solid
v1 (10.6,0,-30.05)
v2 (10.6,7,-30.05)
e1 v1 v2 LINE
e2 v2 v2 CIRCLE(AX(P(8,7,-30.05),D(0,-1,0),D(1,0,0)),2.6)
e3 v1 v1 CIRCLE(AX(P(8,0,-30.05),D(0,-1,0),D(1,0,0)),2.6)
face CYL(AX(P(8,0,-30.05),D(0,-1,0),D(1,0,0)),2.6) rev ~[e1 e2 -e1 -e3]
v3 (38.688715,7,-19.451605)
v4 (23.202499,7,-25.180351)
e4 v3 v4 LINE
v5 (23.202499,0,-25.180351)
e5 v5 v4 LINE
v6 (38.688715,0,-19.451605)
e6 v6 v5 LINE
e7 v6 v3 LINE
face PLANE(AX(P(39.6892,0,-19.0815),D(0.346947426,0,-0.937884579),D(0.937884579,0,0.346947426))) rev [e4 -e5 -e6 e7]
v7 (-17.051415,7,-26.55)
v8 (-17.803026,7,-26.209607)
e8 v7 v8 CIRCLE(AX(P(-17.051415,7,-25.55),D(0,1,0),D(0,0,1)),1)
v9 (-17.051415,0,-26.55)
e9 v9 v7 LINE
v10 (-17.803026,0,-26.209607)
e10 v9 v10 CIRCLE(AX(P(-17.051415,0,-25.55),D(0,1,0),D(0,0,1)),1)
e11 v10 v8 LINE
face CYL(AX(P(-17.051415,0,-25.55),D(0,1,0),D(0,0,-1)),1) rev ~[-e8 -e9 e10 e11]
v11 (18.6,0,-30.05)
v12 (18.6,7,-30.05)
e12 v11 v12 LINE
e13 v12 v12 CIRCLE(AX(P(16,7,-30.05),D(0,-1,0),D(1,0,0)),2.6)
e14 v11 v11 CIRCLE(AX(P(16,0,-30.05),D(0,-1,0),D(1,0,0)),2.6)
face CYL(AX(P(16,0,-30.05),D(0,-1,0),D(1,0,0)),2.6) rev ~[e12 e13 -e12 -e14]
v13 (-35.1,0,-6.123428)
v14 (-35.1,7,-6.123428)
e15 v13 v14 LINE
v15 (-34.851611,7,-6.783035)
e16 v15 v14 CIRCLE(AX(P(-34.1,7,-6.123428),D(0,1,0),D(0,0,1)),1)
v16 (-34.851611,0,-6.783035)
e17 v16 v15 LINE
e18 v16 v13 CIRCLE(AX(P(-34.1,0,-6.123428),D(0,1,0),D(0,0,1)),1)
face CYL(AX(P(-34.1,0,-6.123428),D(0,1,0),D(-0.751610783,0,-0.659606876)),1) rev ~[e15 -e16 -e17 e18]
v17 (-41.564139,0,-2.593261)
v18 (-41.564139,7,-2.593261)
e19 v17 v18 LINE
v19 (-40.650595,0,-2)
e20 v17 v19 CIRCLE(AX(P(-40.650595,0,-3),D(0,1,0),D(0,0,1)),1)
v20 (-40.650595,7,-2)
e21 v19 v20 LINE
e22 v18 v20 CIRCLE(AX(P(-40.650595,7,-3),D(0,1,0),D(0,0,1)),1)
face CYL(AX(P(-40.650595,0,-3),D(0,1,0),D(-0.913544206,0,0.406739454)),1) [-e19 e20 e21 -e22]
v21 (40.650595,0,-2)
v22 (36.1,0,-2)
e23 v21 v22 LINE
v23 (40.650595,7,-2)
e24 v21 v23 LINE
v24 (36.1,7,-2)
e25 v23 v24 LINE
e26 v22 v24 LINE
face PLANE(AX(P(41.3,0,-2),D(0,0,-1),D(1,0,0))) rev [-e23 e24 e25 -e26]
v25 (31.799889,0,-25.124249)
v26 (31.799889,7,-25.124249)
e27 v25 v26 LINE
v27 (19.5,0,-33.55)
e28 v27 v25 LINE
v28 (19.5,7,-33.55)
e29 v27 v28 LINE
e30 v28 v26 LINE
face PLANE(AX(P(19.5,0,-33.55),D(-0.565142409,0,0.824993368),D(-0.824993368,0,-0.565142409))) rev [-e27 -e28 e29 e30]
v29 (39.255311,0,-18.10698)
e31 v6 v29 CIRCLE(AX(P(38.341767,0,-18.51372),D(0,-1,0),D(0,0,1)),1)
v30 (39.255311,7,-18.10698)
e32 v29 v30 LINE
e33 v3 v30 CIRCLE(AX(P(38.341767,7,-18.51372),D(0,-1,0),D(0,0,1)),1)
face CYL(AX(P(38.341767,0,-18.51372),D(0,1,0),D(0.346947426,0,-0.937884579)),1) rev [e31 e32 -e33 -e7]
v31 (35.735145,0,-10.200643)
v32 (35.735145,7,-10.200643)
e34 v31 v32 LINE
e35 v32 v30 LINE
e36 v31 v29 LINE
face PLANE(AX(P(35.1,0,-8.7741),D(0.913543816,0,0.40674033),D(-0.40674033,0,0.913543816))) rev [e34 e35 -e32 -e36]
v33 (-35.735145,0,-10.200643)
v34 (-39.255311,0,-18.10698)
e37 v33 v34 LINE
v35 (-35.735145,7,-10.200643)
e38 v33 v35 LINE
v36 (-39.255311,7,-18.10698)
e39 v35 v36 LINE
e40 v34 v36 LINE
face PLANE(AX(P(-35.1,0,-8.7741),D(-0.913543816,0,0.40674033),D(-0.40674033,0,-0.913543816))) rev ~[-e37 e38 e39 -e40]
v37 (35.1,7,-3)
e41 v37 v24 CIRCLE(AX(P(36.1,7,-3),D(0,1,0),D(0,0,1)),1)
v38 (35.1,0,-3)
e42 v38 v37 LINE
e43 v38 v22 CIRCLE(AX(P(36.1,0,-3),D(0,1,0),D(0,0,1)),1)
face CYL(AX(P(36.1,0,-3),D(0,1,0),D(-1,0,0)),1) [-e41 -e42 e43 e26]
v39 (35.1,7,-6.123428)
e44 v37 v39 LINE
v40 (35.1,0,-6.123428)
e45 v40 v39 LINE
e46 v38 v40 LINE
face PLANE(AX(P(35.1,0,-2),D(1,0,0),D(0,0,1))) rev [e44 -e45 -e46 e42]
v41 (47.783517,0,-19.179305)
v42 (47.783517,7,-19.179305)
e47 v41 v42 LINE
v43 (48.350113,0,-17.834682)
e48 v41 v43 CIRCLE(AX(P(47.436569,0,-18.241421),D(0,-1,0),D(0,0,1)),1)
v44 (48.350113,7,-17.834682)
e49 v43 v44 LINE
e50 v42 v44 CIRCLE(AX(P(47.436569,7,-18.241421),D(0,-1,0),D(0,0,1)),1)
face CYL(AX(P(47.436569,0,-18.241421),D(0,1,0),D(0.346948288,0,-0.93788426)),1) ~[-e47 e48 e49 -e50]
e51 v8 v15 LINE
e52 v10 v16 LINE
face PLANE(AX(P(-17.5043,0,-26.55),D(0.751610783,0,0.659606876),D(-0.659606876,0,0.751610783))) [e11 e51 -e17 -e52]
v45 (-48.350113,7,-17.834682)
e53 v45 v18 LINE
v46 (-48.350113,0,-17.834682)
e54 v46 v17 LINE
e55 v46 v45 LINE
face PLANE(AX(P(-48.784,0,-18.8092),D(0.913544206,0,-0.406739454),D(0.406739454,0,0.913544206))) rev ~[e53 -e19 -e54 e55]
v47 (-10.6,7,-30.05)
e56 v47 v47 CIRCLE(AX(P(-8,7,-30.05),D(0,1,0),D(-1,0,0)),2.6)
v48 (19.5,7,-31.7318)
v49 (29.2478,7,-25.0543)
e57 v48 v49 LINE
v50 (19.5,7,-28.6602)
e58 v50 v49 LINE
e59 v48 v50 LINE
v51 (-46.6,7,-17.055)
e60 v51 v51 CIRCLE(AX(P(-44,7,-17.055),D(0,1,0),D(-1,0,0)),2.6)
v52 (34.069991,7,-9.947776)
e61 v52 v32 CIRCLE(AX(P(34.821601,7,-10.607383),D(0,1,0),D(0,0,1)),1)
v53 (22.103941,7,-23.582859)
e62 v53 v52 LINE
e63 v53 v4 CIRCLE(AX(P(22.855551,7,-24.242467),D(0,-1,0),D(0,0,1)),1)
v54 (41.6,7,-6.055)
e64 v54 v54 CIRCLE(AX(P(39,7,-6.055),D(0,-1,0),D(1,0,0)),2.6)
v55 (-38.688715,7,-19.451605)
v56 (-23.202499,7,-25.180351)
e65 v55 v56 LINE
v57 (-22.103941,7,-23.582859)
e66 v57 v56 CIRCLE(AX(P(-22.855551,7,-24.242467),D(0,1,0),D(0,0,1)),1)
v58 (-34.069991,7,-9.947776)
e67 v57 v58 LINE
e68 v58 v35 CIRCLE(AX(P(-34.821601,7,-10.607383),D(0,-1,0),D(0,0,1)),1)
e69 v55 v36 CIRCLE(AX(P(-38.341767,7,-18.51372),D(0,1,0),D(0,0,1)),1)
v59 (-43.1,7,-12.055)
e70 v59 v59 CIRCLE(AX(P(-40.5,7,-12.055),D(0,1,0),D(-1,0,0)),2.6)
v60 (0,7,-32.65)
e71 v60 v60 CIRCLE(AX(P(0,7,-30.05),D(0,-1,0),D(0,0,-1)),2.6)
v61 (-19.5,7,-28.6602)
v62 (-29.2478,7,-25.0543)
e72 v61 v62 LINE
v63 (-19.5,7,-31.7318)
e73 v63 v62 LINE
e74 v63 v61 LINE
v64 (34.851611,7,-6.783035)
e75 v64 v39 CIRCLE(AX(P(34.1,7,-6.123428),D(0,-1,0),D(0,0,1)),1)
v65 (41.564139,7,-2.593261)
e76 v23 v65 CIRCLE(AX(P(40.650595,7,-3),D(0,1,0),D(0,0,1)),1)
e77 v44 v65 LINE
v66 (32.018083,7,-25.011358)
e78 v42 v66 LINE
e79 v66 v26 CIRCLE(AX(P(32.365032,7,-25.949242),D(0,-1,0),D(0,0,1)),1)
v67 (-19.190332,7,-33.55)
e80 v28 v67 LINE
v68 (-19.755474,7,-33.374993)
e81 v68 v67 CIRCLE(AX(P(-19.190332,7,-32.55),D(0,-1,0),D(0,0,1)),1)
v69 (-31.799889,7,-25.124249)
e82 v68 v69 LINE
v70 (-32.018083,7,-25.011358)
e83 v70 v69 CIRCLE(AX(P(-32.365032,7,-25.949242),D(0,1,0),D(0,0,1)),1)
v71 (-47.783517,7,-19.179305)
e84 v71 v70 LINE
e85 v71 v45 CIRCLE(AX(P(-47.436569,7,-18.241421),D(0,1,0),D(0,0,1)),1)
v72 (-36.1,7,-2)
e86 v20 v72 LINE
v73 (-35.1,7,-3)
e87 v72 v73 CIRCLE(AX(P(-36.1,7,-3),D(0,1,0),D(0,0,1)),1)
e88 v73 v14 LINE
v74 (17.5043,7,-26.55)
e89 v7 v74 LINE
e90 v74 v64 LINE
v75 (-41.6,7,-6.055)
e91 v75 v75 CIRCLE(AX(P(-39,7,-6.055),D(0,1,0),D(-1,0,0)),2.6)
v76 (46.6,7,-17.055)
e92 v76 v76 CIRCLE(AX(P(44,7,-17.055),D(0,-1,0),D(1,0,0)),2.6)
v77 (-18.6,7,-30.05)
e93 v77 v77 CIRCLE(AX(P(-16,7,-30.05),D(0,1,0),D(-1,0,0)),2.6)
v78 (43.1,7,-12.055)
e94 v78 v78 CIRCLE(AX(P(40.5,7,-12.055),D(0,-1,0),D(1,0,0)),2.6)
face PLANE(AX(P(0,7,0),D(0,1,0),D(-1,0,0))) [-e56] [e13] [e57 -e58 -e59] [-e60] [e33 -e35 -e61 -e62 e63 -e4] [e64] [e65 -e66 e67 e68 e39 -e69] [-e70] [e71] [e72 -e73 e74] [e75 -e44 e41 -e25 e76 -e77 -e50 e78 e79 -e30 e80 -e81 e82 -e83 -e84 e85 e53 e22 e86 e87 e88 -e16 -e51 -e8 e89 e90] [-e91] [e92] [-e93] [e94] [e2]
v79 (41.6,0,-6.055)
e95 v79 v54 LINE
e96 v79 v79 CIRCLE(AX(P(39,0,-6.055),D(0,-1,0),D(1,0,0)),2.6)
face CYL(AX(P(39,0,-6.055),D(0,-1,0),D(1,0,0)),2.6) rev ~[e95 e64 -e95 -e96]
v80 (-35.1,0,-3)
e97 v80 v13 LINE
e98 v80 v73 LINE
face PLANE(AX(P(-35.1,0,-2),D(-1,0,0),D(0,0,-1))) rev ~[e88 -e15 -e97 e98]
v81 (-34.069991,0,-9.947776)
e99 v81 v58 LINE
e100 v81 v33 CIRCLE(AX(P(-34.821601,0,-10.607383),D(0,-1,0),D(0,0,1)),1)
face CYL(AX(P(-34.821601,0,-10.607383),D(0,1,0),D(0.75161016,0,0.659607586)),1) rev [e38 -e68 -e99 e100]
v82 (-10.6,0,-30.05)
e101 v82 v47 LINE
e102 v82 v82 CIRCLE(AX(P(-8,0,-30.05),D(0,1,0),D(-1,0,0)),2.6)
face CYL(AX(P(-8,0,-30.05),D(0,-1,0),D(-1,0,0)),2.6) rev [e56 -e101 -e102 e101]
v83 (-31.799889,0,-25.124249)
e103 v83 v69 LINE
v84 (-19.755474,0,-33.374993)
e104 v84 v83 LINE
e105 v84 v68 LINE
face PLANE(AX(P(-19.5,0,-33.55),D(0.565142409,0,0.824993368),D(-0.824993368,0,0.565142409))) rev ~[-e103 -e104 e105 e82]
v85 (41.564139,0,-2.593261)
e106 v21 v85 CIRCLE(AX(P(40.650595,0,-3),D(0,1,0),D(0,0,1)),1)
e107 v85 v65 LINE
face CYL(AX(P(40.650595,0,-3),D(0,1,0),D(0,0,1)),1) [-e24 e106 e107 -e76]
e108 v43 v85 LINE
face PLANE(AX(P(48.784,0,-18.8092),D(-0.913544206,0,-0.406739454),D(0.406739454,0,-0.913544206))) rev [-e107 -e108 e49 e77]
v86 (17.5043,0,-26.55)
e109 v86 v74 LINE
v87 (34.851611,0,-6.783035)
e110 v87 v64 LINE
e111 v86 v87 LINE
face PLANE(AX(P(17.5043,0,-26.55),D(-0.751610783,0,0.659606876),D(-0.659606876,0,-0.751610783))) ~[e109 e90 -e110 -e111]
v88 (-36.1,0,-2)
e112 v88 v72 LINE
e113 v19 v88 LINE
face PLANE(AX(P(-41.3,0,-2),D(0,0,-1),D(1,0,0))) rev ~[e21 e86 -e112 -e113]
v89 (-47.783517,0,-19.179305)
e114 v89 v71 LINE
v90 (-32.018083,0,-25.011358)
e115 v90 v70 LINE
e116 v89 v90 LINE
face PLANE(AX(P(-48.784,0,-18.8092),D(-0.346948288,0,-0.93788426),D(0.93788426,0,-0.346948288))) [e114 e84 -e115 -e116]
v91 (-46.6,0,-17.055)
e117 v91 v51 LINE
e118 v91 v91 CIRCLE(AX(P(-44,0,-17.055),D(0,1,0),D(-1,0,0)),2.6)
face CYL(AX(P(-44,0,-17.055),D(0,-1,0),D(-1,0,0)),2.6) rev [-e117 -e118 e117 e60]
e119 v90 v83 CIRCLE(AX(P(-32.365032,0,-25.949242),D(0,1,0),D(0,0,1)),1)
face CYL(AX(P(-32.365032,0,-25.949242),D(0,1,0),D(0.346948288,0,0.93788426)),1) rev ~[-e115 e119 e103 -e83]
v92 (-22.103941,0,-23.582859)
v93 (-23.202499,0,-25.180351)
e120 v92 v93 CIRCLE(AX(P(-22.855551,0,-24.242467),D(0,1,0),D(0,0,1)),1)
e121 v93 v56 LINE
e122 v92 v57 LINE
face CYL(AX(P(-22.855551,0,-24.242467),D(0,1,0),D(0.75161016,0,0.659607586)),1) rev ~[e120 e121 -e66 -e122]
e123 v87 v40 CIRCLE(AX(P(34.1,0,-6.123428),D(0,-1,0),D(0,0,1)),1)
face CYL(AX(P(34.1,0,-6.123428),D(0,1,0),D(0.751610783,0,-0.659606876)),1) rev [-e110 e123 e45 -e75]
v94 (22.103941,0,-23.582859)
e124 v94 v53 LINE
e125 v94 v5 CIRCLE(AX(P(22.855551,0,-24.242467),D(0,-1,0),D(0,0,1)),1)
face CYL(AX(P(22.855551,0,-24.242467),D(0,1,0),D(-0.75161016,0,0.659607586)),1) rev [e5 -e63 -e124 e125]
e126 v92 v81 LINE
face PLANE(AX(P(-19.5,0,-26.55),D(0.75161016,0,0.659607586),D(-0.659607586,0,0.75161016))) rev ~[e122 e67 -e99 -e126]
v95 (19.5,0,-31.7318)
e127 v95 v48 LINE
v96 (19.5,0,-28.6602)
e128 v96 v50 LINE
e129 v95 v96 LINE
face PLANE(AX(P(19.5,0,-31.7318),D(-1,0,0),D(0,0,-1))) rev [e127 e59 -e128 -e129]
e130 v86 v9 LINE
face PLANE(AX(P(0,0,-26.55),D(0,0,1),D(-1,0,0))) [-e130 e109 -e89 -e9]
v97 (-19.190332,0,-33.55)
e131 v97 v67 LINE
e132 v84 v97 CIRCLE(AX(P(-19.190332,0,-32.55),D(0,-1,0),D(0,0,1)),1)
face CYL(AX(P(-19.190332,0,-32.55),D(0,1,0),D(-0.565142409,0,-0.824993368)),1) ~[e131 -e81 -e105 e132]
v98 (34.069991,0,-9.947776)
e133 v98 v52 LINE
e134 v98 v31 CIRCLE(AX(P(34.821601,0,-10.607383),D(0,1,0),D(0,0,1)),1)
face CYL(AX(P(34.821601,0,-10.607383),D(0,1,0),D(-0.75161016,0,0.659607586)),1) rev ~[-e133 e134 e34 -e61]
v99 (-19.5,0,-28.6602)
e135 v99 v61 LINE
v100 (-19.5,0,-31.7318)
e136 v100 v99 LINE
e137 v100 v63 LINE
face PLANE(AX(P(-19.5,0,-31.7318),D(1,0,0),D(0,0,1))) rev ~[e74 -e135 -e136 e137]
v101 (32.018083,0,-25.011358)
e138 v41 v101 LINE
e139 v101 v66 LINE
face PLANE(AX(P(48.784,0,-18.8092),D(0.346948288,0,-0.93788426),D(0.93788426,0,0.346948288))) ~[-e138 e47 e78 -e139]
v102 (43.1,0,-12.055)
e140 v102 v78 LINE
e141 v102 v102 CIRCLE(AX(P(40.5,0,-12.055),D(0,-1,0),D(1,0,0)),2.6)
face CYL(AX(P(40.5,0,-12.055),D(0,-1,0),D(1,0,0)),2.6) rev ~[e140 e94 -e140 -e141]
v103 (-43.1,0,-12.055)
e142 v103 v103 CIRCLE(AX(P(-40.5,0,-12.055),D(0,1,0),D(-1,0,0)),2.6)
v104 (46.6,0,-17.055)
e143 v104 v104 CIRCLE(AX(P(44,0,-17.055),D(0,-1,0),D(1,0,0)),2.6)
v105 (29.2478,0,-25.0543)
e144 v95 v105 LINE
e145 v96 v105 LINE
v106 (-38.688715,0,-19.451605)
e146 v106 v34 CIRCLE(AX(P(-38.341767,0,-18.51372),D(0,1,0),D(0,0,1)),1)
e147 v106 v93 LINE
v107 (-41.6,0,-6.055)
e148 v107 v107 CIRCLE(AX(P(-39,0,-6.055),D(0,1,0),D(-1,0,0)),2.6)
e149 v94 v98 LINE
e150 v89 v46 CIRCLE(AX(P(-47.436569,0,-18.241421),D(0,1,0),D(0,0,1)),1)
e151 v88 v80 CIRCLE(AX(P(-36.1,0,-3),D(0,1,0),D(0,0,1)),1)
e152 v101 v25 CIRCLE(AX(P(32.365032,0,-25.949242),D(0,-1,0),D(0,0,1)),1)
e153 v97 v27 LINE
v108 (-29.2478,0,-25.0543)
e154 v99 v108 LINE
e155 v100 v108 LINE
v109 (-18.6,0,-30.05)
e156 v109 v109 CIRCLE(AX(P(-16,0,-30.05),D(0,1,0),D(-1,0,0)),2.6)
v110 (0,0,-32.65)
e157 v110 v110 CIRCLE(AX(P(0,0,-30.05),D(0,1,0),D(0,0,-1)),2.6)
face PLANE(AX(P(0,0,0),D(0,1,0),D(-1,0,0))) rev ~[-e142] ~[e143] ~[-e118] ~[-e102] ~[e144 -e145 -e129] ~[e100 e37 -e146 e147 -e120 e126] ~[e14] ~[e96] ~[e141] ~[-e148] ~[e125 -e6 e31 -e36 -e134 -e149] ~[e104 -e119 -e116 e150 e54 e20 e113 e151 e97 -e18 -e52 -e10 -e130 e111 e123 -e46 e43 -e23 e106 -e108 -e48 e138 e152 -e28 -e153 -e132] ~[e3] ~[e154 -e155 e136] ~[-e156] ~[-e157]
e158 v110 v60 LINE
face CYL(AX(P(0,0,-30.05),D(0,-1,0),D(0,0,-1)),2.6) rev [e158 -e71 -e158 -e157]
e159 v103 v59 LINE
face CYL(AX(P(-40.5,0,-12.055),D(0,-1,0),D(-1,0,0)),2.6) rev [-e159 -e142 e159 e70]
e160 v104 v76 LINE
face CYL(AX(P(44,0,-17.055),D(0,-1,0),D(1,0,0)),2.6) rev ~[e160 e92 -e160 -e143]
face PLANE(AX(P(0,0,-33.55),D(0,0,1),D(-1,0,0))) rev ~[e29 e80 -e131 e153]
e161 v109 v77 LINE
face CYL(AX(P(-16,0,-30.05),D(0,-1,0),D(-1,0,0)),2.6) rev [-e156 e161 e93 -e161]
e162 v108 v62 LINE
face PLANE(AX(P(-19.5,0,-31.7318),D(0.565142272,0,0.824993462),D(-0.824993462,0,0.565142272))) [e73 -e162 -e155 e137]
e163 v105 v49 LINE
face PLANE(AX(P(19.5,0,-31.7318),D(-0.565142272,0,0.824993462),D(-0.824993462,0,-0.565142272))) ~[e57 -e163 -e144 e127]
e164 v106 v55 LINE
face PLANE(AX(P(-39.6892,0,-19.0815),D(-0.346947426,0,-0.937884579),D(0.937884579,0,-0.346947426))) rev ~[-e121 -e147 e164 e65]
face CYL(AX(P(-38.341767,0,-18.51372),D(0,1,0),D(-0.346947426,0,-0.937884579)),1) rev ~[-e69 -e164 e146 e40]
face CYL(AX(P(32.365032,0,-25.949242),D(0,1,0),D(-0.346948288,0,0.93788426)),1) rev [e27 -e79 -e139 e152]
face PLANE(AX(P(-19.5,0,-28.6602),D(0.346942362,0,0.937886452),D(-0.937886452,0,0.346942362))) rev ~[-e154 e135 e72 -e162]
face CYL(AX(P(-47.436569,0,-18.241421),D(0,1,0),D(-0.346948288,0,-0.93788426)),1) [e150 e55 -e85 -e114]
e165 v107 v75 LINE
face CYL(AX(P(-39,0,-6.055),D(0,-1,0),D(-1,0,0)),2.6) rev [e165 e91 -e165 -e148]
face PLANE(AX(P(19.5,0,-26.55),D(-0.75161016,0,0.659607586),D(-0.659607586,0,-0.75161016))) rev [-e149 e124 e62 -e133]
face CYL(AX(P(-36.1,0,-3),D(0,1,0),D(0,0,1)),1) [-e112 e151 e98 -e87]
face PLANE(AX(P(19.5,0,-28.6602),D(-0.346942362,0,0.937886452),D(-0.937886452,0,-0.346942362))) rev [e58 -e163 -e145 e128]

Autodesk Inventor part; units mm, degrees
ref_plane "YZ Plane" through (0, 0, 0) normal (1, 0, 0) x (0, 1, 0)
ref_plane "XZ Plane" through (0, 0, 0) normal (0, 1, 0) x (-1, 0, 0)
ref_plane "XY Plane" through (0, 0, 0) normal (0, 0, 1) x (1, 0, 0)
sketch "Sketch1" plane through (0, 0, 0) normal (0, 1, 0) x (-1, 0, 0)
  circle A0 centre (39, -6.055) radius 2.6
  circle A1 centre (40.5, -12.055) radius 2.6
  circle A2 centre (44, -17.055) radius 2.6
  line L0 (48.784, -18.8092) -> (41.3, -2)
  line L1 (0, 0) -> (60.8895, 0) construction
  line L2 (41.3, -2) -> (35.1, -2)
  circle A3 centre (16, -30.05) radius 2.6
  circle A4 centre (8, -30.05) radius 2.6
  arc A5 (0, -32.65) -> (0, -27.45) centre (0, -30.05) ccw
  line L3 (0, -33.55) -> (0, -32.65)
  line L4 (0, -27.45) -> (0, -26.55)
  line L5 (35.1, -2) -> (35.1, -6.5)
  line L6 (35.1, -8.7741) -> (39.6892, -19.0815)
  line L7 (0, -33.55) -> (19.5, -33.55)
  line L8 (19.5, -31.7318) -> (19.5, -28.6602)
  line L9 (19.5, -33.55) -> (31.902, -25.0543)
  line L10 (19.5, -31.7318) -> (29.2478, -25.0543)
  line L11 (17.5043, -26.55) -> (35.1, -6.5)
  line L12 (19.5, -26.55) -> (35.1, -8.7741)
  line L13 (19.5, -28.6602) -> (29.2478, -25.0543)
  line L14 (0, -26.55) -> (17.5043, -26.55)
  line L15 (39.6892, -19.0815) -> (19.5, -26.55)
  line L16 (48.784, -18.8092) -> (31.902, -25.0543)
  dimension "d0" = 5.2
  dimension "d1" = 1.5
  dimension "d3" = 3.5
  dimension "d5" = 6
  dimension "d6" = 5
  dimension "d12" = 39
  dimension "d14" = 114
  dimension "d15" = 18.4
  dimension "d16" = 6.055
  dimension "d17" = 6.2
  dimension "d19" = 30.05
  dimension "d21" = 8
  dimension "d22" = 5.2
  dimension "d26" = 3.9
  dimension "d29" = 19.5
  dimension "d31" = 18
  dimension "d35" = 1.5
  dimension "d37" = 1.5
  dimension "d40" = 3.5
  dimension "d41" = 3.5
  dimension "d44" = 4.5
  dimension "d45" = 0
  dimension "d46" = 8
  dimension "d48" = 2.9
  dimension "d49" = 2
  dimension "d51" = 0
extrude "Extrusion1" add sketch "Sketch1" along normal blind 7
mirror "Mirror1" about plane through (0, 0, -32.65) normal (1, 0, 0) of "Extrusion1"
fillet "Fillet1" radius 1 18 edges at (-35.1, 3.5, -8.7741) (-39.6892, 3.5, -19.0815) (-19.5, 3.5, -26.55) (19.5, 3.5, -26.55) (39.6892, 3.5, -19.0815) (35.1, 3.5, -8.7741) (48.784, 3.5, -18.8092) (41.3, 3.5, -2) (35.1, 3.5, -2) (35.1, 3.5, -6.5) (-17.5043, 3.5, -26.55) (-35.1, 3.5, -6.5) (-35.1, 3.5, -2) (-41.3, 3.5, -2) (-48.784, 3.5, -18.8092) (-31.902, 3.5, -25.0543) (-19.5, 3.5, -33.55) (31.902, 3.5, -25.0543)
equation "\"d37\" = d34"
equation "\"d41\" = d40"
equation "\"d46\" = d21"
equation "\"d34\" = d35"
properties part number "2020-04-02-10-10501-LED_Splitter_Transparent" material "ABS Plastic"
